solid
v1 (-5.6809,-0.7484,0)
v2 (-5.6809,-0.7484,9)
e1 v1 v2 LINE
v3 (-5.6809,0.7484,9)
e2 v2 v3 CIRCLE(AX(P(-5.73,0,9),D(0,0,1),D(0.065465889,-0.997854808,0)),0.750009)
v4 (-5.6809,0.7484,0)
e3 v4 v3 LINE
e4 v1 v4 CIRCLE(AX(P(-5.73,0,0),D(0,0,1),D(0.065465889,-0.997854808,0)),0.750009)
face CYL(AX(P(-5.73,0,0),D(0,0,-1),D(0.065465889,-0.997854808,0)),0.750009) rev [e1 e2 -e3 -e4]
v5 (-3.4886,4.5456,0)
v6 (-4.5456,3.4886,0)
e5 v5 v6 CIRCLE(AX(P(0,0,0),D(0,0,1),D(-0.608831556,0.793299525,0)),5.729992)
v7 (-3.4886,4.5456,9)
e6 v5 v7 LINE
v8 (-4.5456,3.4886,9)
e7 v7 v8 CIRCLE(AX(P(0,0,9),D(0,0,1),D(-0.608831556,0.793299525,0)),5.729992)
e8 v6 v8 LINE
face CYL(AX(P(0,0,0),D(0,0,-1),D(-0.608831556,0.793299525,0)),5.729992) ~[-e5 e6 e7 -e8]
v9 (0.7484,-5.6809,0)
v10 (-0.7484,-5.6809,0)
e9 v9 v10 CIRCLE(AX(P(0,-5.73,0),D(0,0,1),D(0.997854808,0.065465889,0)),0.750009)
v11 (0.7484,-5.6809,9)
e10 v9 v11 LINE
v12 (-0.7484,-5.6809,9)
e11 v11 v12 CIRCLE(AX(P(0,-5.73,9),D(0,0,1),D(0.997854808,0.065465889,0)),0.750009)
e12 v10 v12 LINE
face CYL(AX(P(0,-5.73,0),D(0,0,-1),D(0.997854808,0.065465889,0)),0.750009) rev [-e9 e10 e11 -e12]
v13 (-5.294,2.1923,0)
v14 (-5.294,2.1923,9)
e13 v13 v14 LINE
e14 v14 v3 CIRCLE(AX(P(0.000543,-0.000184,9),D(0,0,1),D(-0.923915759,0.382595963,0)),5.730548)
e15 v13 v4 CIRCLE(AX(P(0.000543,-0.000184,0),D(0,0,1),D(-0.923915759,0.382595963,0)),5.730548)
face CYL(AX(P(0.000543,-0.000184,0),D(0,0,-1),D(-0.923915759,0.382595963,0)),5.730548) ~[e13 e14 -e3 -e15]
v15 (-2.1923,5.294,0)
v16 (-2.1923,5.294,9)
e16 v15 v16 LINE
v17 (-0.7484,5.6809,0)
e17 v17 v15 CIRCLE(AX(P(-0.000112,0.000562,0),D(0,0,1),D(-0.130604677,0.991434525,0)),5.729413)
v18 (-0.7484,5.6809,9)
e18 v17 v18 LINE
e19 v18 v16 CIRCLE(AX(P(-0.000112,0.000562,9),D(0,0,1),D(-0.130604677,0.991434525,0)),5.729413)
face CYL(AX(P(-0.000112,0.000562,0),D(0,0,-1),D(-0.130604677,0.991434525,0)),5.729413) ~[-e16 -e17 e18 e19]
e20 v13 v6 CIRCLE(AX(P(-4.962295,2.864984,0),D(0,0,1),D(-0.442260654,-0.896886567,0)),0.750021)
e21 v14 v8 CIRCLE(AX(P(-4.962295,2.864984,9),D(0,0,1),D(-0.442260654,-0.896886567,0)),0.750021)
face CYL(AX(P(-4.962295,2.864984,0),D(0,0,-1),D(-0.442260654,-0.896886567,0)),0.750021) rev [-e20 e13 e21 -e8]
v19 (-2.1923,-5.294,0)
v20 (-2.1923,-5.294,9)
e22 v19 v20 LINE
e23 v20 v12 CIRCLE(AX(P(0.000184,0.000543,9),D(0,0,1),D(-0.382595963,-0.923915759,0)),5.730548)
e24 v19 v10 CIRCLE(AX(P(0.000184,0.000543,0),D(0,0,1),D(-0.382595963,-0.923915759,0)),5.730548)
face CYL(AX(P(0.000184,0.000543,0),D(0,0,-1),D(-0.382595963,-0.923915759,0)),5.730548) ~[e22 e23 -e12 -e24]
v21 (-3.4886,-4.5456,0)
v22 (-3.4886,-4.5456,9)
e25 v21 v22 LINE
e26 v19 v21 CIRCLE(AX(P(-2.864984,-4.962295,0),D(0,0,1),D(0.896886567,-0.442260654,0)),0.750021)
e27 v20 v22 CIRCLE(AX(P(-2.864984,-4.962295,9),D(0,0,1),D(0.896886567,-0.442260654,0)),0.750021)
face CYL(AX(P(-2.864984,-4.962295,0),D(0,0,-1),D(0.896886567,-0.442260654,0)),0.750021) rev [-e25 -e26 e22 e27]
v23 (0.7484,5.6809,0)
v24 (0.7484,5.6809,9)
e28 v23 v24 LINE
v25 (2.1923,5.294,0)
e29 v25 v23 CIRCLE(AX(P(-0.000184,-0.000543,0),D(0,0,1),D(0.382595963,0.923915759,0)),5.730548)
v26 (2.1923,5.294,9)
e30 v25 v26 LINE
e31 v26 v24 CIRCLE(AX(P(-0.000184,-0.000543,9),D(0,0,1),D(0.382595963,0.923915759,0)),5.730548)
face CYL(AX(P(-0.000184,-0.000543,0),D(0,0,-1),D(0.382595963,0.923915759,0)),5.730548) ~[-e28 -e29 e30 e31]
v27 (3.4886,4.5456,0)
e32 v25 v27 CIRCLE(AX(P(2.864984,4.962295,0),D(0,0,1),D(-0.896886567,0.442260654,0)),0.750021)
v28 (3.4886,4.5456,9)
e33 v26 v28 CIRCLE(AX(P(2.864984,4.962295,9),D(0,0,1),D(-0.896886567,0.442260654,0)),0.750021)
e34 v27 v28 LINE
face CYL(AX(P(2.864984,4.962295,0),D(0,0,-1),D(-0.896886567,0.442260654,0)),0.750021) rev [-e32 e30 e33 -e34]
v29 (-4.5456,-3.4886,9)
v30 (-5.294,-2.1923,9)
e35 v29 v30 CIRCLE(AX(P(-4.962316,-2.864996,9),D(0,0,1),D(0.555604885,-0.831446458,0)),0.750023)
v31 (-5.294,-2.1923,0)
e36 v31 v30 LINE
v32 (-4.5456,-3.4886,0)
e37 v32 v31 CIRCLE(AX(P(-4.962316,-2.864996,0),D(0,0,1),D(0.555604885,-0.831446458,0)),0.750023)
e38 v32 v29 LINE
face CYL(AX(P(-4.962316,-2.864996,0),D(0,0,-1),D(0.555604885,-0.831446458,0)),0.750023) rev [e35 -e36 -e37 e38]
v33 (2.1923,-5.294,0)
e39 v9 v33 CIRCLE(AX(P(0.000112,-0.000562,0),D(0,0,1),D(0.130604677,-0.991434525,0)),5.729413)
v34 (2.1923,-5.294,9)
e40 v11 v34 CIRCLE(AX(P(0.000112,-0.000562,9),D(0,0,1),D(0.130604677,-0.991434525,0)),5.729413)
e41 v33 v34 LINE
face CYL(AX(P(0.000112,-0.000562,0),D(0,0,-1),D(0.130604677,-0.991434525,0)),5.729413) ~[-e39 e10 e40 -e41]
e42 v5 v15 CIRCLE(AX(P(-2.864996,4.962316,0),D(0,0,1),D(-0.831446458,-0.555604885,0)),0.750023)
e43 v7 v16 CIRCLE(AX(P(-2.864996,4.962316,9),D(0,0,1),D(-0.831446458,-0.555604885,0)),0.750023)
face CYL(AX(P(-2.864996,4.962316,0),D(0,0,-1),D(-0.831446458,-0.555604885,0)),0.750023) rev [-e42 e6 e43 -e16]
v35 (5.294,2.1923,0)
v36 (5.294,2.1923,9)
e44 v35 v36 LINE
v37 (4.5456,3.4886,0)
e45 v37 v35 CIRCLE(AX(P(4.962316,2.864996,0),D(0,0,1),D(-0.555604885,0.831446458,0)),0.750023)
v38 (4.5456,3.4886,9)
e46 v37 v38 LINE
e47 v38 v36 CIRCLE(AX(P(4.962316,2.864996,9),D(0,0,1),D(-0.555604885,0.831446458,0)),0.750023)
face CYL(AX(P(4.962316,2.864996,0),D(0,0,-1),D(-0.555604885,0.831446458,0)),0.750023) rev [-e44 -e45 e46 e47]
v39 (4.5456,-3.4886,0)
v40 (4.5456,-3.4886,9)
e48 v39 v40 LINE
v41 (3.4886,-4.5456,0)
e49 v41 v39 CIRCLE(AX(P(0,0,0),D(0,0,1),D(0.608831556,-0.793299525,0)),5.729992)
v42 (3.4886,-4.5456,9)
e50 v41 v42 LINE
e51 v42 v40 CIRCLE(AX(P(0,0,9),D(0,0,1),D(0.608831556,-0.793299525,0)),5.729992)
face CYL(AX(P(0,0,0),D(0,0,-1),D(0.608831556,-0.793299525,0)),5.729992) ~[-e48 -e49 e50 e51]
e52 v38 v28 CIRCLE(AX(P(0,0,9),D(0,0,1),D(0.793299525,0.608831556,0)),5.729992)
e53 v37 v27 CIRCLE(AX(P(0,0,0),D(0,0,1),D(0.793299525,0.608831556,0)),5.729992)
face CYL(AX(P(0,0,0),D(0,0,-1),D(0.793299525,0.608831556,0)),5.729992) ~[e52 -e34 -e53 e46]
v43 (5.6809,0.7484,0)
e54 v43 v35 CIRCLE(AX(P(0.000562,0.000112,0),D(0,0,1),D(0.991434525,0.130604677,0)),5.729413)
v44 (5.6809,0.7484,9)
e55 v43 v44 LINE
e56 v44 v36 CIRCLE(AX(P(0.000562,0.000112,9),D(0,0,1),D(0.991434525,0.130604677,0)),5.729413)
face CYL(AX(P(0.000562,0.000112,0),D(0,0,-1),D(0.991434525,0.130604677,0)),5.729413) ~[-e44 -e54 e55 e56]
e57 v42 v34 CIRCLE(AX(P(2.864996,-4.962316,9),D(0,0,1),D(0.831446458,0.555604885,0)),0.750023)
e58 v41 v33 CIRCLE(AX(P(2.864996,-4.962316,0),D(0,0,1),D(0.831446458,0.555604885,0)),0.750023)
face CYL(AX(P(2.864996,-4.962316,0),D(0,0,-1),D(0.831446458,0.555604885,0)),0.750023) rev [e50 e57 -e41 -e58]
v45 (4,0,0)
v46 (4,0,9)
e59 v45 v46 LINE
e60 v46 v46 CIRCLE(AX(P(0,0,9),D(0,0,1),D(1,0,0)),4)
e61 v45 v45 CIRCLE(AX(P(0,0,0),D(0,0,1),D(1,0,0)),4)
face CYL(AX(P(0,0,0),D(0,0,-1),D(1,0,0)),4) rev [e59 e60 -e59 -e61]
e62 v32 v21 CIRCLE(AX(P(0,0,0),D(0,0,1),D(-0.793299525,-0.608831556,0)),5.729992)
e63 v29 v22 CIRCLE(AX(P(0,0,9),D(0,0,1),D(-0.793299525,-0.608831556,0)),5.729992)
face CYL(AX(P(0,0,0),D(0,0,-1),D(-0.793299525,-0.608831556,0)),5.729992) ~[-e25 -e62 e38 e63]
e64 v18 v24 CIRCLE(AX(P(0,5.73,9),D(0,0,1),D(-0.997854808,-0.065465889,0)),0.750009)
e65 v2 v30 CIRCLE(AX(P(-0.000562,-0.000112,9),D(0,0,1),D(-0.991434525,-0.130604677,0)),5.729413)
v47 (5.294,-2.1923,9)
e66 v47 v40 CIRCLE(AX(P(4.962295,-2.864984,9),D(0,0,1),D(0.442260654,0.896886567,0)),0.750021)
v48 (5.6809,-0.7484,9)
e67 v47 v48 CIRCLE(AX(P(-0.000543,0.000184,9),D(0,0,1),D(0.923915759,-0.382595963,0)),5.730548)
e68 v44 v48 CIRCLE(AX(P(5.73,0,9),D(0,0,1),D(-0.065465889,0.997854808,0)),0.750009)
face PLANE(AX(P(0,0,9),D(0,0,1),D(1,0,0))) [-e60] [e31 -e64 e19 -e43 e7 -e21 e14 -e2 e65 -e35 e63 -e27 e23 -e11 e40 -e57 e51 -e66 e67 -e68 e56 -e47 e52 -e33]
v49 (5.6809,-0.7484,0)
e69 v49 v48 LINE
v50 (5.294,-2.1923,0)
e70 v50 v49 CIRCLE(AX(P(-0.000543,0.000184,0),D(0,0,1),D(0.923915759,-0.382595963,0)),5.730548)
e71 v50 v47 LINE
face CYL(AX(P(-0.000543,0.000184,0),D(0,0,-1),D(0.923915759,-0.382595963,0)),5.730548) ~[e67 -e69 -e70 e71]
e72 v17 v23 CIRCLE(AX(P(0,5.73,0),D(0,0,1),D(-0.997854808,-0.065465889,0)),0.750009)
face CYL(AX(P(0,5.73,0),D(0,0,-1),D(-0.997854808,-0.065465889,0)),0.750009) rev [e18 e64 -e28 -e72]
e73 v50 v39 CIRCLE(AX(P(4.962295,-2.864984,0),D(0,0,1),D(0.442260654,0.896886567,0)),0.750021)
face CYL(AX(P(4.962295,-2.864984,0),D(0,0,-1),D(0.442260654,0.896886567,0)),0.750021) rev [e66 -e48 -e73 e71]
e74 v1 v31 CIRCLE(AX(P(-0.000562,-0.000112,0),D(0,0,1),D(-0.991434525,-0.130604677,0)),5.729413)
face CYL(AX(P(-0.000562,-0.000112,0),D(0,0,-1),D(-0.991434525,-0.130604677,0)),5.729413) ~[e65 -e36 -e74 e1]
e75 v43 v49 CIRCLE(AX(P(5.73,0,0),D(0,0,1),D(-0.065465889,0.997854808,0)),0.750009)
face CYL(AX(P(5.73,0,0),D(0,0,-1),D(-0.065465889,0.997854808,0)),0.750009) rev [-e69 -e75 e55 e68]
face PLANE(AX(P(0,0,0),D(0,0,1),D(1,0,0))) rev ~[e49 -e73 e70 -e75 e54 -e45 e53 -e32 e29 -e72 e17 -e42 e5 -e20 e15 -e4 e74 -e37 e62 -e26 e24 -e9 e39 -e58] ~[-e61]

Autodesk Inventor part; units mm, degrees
ref_plane "YZ Plane" through (0, 0, 0) normal (1, 0, 0) x (0, 1, 0)
ref_plane "XZ Plane" through (0, 0, 0) normal (0, 1, 0) x (-1, 0, 0)
ref_plane "XY Plane" through (0, 0, 0) normal (0, 0, 1) x (1, 0, 0)
sketch "Sketch1" plane through (0, 0, 0) normal (0, 0, 1) x (1, 0, 0)
  circle A0 centre (0, 0) radius 4
  arc A1 (-0.7484, 5.6809) -> (0.7484, 5.6809) centre (0, 5.73) ccw
  arc A2 (-3.4886, 4.5456) -> (-2.1923, 5.294) centre (-2.865, 4.9623) ccw
  arc A3 (-5.294, 2.1923) -> (-4.5456, 3.4886) centre (-4.9623, 2.865) ccw
  arc A4 (-5.6809, -0.7484) -> (-5.6809, 0.7484) centre (-5.73, 0) ccw
  arc A5 (-4.5456, -3.4886) -> (-5.294, -2.1923) centre (-4.9623, -2.865) ccw
  arc A6 (-2.1923, -5.294) -> (-3.4886, -4.5456) centre (-2.865, -4.9623) ccw
  arc A7 (0.7484, -5.6809) -> (-0.7484, -5.6809) centre (0, -5.73) ccw
  arc A8 (3.4886, -4.5456) -> (2.1923, -5.294) centre (2.865, -4.9623) ccw
  arc A9 (5.294, -2.1923) -> (4.5456, -3.4886) centre (4.9623, -2.865) ccw
  arc A10 (5.6809, 0.7484) -> (5.6809, -0.7484) centre (5.73, 0) ccw
  arc A11 (4.5456, 3.4886) -> (5.294, 2.1923) centre (4.9623, 2.865) ccw
  arc A12 (2.1923, 5.294) -> (3.4886, 4.5456) centre (2.865, 4.9623) ccw
  arc A13 (-0.7484, 5.6809) -> (-2.1923, 5.294) centre (0, 0) ccw
  arc A14 (-3.4886, 4.5456) -> (-4.5456, 3.4886) centre (0, 0) ccw
  arc A15 (-5.294, 2.1923) -> (-5.6809, 0.7484) centre (0, 0) ccw
  arc A16 (-5.6809, -0.7484) -> (-5.294, -2.1923) centre (0, 0) ccw
  arc A17 (2.1923, 5.294) -> (0.7484, 5.6809) centre (0, 0) ccw
  arc A18 (4.5456, 3.4886) -> (3.4886, 4.5456) centre (0, 0) ccw
  arc A19 (5.6809, 0.7484) -> (5.294, 2.1923) centre (0, 0) ccw
  arc A20 (5.294, -2.1923) -> (5.6809, -0.7484) centre (0, 0) ccw
  arc A21 (3.4886, -4.5456) -> (4.5456, -3.4886) centre (0, 0) ccw
  arc A22 (0.7484, -5.6809) -> (2.1923, -5.294) centre (0, 0) ccw
  arc A23 (-4.5456, -3.4886) -> (-3.4886, -4.5456) centre (0, 0) ccw
  arc A24 (-2.1923, -5.294) -> (-0.7484, -5.6809) centre (0, 0) ccw
  dimension "d0" = 8
  dimension "d2" = 1.5
  dimension "d5" = 360
extrude "Extrusion1" add sketch "Sketch1" along normal blind 9
properties part number "poulie 12 dents"
